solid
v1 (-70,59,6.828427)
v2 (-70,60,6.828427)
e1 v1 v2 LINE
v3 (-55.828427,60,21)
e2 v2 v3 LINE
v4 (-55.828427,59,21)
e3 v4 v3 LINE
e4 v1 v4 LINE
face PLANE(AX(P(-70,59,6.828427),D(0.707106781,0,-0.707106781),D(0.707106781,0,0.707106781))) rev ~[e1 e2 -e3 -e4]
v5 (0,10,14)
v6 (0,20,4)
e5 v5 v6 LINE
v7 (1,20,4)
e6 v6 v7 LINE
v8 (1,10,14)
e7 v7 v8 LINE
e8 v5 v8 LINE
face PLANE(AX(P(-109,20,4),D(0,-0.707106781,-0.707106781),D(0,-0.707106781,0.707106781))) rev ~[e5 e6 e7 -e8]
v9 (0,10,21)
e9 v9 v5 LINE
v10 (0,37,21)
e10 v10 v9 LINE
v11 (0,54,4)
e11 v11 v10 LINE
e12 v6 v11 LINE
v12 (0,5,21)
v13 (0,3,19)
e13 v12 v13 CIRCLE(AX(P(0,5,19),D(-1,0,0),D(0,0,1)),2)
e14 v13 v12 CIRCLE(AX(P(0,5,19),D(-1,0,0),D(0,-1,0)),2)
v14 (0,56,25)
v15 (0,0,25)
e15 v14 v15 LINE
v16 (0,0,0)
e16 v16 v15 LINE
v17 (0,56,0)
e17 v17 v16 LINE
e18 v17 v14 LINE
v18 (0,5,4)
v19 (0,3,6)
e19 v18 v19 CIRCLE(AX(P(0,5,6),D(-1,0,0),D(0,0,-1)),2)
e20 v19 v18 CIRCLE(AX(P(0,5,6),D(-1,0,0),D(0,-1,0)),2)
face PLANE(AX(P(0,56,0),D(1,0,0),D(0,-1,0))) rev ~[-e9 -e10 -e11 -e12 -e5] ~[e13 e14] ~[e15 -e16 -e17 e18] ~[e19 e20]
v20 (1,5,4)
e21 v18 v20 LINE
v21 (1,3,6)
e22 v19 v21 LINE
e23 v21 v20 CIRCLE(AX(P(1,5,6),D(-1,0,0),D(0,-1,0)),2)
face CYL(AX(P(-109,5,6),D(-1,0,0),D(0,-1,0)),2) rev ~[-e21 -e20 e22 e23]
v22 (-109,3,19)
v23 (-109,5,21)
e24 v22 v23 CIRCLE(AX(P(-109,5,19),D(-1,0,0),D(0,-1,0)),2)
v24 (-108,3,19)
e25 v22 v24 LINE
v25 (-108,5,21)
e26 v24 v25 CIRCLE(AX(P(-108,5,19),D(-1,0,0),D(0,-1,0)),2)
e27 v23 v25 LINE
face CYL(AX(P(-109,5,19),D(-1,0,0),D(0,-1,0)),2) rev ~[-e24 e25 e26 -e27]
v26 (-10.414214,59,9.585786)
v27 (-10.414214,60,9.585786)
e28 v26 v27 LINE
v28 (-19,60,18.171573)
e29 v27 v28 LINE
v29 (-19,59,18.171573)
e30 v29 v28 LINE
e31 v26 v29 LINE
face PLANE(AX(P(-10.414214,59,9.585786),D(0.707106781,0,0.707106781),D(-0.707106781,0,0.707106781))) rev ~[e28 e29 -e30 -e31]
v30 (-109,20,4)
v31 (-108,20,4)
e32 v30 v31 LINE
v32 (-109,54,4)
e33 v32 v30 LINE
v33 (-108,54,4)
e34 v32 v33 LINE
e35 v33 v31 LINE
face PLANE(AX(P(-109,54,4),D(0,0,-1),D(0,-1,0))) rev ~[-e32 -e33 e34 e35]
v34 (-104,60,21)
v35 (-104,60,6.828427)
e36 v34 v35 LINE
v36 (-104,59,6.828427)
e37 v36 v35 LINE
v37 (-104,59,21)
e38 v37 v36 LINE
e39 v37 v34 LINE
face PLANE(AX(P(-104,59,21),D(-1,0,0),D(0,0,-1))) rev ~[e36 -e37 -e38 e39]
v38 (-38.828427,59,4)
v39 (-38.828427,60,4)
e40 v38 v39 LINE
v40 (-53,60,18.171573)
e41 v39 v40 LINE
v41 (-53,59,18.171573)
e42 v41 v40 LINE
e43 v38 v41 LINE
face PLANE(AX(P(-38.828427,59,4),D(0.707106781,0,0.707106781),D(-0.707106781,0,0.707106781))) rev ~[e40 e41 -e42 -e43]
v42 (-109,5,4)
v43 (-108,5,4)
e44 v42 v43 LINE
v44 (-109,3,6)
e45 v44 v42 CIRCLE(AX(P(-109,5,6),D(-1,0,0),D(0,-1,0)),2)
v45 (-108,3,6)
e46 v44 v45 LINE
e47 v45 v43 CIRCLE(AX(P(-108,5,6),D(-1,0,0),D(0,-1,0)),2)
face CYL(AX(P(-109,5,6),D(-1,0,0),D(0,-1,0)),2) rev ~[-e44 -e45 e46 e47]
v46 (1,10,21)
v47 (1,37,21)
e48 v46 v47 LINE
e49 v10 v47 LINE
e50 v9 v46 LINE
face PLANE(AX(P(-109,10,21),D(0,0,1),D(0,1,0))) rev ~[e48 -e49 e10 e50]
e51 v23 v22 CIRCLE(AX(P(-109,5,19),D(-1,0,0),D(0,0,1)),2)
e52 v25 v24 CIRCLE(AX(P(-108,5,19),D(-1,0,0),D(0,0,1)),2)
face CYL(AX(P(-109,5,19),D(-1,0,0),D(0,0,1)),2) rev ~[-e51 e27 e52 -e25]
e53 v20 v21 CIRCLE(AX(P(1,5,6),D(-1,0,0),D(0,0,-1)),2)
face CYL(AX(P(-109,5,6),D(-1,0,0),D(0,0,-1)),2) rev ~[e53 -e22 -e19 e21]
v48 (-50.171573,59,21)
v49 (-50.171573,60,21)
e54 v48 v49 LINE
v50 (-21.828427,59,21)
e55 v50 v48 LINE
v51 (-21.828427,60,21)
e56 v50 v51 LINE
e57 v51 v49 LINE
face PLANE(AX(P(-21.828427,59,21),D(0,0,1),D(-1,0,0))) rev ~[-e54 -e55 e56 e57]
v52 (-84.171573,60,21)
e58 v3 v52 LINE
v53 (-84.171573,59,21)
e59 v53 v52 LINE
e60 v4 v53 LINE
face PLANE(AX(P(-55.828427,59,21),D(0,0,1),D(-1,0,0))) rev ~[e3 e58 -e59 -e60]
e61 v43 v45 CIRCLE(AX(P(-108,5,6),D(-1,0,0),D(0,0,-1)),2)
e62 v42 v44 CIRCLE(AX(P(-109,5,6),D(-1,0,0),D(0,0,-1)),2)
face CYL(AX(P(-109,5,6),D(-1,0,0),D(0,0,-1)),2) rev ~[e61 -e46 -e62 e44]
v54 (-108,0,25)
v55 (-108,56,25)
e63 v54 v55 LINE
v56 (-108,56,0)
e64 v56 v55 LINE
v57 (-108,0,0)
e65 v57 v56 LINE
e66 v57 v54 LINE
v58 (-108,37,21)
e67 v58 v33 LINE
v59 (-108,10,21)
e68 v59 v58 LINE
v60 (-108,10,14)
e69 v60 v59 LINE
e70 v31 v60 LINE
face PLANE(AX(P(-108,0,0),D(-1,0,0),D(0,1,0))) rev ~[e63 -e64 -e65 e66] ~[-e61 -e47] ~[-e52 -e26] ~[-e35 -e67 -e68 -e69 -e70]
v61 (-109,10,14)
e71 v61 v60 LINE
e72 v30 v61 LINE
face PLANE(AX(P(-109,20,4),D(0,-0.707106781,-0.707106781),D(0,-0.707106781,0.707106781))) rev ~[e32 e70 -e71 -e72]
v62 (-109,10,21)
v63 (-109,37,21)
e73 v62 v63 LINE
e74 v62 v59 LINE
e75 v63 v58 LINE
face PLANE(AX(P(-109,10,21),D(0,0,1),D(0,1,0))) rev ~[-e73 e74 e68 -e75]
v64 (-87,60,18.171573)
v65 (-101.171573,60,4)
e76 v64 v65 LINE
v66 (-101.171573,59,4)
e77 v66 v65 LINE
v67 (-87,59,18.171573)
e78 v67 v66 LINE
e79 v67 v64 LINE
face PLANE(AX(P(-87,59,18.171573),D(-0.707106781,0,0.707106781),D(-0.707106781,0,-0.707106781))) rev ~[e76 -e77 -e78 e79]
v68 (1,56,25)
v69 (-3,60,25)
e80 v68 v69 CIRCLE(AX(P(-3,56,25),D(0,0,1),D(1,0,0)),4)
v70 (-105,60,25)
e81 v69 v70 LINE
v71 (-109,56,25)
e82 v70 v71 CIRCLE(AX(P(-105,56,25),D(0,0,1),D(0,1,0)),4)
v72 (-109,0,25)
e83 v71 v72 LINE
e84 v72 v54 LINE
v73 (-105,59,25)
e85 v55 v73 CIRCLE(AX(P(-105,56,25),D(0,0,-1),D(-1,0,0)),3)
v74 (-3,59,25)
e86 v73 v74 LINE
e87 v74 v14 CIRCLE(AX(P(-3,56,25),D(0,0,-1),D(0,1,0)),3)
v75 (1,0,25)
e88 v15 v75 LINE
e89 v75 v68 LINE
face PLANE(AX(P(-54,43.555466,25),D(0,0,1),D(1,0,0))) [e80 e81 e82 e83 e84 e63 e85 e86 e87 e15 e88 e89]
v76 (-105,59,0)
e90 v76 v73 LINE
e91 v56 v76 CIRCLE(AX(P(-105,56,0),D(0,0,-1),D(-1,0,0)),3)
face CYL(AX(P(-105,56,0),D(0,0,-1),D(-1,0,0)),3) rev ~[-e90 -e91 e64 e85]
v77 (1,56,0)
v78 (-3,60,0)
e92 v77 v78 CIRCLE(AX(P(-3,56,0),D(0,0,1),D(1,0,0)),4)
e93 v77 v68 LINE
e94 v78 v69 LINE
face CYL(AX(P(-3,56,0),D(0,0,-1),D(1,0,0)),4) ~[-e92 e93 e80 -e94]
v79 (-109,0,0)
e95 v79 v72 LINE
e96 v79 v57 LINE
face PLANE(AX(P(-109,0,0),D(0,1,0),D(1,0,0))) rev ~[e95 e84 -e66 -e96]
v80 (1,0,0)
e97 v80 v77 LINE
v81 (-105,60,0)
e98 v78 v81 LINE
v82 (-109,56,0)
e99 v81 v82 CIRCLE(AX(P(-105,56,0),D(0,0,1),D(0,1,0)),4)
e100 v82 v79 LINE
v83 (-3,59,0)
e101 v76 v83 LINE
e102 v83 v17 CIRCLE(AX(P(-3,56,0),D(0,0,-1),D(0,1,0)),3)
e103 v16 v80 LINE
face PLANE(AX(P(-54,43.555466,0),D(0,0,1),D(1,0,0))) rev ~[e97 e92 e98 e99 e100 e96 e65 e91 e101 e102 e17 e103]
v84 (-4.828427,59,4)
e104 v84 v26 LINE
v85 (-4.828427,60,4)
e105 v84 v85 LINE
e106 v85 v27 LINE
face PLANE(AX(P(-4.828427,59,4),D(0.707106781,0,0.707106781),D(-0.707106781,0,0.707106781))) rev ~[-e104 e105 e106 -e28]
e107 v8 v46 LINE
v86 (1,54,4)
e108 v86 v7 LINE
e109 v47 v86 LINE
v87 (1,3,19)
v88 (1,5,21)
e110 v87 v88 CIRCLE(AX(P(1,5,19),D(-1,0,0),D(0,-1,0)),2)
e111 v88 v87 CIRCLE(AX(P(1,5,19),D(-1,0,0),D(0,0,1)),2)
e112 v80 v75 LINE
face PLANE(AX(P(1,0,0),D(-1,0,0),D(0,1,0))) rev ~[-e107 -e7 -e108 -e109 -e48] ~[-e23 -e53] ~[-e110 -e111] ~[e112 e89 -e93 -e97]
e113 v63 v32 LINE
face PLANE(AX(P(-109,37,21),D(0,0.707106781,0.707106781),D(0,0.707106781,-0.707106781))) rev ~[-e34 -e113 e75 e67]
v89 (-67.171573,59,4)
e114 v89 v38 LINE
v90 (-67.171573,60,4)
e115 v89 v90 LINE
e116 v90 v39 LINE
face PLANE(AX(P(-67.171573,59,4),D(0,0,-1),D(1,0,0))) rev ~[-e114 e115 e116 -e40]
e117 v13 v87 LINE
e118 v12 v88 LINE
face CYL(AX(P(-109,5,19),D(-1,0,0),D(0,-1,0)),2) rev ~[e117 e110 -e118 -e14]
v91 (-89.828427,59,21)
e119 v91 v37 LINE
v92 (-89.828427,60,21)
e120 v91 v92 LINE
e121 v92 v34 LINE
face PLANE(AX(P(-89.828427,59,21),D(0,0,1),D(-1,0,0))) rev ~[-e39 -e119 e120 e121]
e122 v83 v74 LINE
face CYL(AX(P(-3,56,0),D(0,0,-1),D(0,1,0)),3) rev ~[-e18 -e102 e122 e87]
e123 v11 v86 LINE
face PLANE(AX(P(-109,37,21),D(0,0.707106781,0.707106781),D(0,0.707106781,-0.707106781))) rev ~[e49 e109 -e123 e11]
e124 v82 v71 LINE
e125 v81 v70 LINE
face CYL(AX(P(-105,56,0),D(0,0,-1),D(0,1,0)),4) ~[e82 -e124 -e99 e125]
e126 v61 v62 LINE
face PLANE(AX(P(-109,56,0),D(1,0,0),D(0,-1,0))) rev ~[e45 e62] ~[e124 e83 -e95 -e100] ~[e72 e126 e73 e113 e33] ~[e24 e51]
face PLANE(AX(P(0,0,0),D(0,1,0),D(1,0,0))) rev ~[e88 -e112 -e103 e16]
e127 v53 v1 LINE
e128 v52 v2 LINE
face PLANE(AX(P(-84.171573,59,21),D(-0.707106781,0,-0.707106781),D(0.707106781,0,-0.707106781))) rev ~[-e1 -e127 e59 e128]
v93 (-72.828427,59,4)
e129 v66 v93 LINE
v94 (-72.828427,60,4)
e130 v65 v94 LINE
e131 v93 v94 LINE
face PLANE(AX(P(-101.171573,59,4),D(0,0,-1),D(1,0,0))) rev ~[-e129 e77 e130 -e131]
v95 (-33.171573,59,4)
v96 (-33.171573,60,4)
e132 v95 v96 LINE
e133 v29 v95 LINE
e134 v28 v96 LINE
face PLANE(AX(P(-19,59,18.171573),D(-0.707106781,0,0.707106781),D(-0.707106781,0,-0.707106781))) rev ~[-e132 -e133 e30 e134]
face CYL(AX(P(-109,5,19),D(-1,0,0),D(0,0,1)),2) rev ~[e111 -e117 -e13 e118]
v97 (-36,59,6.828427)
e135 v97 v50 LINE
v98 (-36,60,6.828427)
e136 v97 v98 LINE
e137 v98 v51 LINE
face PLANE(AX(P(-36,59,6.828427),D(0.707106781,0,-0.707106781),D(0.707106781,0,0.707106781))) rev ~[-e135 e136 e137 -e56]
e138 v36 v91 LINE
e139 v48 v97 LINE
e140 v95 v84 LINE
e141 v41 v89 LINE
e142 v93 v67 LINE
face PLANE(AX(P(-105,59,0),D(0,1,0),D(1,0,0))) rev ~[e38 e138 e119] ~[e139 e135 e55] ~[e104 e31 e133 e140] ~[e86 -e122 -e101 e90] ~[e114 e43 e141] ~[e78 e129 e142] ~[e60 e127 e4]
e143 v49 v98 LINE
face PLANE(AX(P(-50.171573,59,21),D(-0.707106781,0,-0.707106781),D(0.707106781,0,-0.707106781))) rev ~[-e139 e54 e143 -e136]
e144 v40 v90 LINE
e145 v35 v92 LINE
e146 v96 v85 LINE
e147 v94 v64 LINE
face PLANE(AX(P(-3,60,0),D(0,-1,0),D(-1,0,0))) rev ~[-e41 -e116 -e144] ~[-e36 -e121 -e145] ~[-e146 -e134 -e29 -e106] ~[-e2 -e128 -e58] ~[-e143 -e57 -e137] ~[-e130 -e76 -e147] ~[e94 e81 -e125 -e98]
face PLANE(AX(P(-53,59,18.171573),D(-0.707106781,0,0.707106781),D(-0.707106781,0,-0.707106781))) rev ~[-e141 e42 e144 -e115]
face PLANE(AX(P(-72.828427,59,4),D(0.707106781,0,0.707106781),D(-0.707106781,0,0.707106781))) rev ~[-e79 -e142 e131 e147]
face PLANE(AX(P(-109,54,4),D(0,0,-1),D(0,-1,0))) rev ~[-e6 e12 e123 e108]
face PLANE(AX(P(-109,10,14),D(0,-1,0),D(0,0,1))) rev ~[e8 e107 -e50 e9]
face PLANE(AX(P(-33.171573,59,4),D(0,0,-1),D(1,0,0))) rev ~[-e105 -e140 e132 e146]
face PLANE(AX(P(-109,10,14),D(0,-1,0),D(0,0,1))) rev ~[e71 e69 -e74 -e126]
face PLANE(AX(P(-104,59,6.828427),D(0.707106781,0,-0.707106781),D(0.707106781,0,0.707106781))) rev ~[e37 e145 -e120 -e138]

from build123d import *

# Parameters (mm, degrees)
F1_DEPTH = 25
F3_DEPTH = 25
F5_DEPTH = 200


with BuildPart() as f1:
    # F0 (on Top) → F1 (new body)
    with BuildSketch(Plane.XY):
        with BuildLine():
            Line((0, 56), (0, 0))
            Line((0, 0), (1, 0))
            Line((1, 0), (1, 56))
            ThreePointArc((1, 56), (-0.1715728753, 58.8284271247), (-3, 60))
            Line((-3, 60), (-105, 60))
            ThreePointArc((-105, 60), (-107.8284271247, 58.8284271247), (-109, 56))
            Line((-109, 56), (-109, 0))
            Line((-109, 0), (-108, 0))
            Line((-108, 0), (-108, 56))
            ThreePointArc((-108, 56), (-107.1213203436, 58.1213203436), (-105, 59))
            Line((-105, 59), (-3, 59))
            ThreePointArc((-3, 59), (-0.8786796564, 58.1213203436), (0, 56))
        make_face()
    extrude(amount=F1_DEPTH)

    # F2 (on face) → F3 (cut)
    with BuildSketch(Plane.XZ.offset(-59)):
        Polygon((-55.8284271247, 21), (-84.1715728753, 21), (-70, 6.8284271247), align=None)
        Polygon((-36, 6.8284271247), (-21.8284271247, 21), (-50.1715728753, 21), align=None)
        Polygon((-101.1715728753, 4), (-72.8284271247, 4), (-87, 18.1715728753), align=None)
        Polygon((-104, 21), (-104, 6.8284271247), (-89.8284271247, 21), align=None)
        Polygon((-67.1715728753, 4), (-38.8284271247, 4), (-53, 18.1715728753), align=None)
        Polygon((-10.4142135624, 9.5857864376), (-19, 18.1715728753), (-33.1715728753, 4), (-4.8284271247, 4), align=None)
    extrude(amount=-F3_DEPTH, mode=Mode.SUBTRACT)

    # F4 (on face) → F5 (cut)
    with BuildSketch(Plane(origin=(-109, 0, 0), x_dir=(0, -1, 0), z_dir=(-1, 0, 0))):
        with BuildLine():
            ThreePointArc((-5, 21), (-6.4142135624, 17.5857864376), (-3, 19))
            ThreePointArc((-3, 19), (-3.5857864376, 20.4142135624), (-5, 21))
        make_face()
        with BuildLine():
            ThreePointArc((-3, 6), (-6.4142135624, 7.4142135624), (-5, 4))
            ThreePointArc((-5, 4), (-3.5857864376, 4.5857864376), (-3, 6))
        make_face()
        Polygon((-10, 14), (-10, 21), (-37, 21), (-20, 4), align=None)
        Polygon((-20, 4), (-37, 21), (-54, 4), align=None)
    extrude(amount=-F5_DEPTH, mode=Mode.SUBTRACT)


solid = f1.part
